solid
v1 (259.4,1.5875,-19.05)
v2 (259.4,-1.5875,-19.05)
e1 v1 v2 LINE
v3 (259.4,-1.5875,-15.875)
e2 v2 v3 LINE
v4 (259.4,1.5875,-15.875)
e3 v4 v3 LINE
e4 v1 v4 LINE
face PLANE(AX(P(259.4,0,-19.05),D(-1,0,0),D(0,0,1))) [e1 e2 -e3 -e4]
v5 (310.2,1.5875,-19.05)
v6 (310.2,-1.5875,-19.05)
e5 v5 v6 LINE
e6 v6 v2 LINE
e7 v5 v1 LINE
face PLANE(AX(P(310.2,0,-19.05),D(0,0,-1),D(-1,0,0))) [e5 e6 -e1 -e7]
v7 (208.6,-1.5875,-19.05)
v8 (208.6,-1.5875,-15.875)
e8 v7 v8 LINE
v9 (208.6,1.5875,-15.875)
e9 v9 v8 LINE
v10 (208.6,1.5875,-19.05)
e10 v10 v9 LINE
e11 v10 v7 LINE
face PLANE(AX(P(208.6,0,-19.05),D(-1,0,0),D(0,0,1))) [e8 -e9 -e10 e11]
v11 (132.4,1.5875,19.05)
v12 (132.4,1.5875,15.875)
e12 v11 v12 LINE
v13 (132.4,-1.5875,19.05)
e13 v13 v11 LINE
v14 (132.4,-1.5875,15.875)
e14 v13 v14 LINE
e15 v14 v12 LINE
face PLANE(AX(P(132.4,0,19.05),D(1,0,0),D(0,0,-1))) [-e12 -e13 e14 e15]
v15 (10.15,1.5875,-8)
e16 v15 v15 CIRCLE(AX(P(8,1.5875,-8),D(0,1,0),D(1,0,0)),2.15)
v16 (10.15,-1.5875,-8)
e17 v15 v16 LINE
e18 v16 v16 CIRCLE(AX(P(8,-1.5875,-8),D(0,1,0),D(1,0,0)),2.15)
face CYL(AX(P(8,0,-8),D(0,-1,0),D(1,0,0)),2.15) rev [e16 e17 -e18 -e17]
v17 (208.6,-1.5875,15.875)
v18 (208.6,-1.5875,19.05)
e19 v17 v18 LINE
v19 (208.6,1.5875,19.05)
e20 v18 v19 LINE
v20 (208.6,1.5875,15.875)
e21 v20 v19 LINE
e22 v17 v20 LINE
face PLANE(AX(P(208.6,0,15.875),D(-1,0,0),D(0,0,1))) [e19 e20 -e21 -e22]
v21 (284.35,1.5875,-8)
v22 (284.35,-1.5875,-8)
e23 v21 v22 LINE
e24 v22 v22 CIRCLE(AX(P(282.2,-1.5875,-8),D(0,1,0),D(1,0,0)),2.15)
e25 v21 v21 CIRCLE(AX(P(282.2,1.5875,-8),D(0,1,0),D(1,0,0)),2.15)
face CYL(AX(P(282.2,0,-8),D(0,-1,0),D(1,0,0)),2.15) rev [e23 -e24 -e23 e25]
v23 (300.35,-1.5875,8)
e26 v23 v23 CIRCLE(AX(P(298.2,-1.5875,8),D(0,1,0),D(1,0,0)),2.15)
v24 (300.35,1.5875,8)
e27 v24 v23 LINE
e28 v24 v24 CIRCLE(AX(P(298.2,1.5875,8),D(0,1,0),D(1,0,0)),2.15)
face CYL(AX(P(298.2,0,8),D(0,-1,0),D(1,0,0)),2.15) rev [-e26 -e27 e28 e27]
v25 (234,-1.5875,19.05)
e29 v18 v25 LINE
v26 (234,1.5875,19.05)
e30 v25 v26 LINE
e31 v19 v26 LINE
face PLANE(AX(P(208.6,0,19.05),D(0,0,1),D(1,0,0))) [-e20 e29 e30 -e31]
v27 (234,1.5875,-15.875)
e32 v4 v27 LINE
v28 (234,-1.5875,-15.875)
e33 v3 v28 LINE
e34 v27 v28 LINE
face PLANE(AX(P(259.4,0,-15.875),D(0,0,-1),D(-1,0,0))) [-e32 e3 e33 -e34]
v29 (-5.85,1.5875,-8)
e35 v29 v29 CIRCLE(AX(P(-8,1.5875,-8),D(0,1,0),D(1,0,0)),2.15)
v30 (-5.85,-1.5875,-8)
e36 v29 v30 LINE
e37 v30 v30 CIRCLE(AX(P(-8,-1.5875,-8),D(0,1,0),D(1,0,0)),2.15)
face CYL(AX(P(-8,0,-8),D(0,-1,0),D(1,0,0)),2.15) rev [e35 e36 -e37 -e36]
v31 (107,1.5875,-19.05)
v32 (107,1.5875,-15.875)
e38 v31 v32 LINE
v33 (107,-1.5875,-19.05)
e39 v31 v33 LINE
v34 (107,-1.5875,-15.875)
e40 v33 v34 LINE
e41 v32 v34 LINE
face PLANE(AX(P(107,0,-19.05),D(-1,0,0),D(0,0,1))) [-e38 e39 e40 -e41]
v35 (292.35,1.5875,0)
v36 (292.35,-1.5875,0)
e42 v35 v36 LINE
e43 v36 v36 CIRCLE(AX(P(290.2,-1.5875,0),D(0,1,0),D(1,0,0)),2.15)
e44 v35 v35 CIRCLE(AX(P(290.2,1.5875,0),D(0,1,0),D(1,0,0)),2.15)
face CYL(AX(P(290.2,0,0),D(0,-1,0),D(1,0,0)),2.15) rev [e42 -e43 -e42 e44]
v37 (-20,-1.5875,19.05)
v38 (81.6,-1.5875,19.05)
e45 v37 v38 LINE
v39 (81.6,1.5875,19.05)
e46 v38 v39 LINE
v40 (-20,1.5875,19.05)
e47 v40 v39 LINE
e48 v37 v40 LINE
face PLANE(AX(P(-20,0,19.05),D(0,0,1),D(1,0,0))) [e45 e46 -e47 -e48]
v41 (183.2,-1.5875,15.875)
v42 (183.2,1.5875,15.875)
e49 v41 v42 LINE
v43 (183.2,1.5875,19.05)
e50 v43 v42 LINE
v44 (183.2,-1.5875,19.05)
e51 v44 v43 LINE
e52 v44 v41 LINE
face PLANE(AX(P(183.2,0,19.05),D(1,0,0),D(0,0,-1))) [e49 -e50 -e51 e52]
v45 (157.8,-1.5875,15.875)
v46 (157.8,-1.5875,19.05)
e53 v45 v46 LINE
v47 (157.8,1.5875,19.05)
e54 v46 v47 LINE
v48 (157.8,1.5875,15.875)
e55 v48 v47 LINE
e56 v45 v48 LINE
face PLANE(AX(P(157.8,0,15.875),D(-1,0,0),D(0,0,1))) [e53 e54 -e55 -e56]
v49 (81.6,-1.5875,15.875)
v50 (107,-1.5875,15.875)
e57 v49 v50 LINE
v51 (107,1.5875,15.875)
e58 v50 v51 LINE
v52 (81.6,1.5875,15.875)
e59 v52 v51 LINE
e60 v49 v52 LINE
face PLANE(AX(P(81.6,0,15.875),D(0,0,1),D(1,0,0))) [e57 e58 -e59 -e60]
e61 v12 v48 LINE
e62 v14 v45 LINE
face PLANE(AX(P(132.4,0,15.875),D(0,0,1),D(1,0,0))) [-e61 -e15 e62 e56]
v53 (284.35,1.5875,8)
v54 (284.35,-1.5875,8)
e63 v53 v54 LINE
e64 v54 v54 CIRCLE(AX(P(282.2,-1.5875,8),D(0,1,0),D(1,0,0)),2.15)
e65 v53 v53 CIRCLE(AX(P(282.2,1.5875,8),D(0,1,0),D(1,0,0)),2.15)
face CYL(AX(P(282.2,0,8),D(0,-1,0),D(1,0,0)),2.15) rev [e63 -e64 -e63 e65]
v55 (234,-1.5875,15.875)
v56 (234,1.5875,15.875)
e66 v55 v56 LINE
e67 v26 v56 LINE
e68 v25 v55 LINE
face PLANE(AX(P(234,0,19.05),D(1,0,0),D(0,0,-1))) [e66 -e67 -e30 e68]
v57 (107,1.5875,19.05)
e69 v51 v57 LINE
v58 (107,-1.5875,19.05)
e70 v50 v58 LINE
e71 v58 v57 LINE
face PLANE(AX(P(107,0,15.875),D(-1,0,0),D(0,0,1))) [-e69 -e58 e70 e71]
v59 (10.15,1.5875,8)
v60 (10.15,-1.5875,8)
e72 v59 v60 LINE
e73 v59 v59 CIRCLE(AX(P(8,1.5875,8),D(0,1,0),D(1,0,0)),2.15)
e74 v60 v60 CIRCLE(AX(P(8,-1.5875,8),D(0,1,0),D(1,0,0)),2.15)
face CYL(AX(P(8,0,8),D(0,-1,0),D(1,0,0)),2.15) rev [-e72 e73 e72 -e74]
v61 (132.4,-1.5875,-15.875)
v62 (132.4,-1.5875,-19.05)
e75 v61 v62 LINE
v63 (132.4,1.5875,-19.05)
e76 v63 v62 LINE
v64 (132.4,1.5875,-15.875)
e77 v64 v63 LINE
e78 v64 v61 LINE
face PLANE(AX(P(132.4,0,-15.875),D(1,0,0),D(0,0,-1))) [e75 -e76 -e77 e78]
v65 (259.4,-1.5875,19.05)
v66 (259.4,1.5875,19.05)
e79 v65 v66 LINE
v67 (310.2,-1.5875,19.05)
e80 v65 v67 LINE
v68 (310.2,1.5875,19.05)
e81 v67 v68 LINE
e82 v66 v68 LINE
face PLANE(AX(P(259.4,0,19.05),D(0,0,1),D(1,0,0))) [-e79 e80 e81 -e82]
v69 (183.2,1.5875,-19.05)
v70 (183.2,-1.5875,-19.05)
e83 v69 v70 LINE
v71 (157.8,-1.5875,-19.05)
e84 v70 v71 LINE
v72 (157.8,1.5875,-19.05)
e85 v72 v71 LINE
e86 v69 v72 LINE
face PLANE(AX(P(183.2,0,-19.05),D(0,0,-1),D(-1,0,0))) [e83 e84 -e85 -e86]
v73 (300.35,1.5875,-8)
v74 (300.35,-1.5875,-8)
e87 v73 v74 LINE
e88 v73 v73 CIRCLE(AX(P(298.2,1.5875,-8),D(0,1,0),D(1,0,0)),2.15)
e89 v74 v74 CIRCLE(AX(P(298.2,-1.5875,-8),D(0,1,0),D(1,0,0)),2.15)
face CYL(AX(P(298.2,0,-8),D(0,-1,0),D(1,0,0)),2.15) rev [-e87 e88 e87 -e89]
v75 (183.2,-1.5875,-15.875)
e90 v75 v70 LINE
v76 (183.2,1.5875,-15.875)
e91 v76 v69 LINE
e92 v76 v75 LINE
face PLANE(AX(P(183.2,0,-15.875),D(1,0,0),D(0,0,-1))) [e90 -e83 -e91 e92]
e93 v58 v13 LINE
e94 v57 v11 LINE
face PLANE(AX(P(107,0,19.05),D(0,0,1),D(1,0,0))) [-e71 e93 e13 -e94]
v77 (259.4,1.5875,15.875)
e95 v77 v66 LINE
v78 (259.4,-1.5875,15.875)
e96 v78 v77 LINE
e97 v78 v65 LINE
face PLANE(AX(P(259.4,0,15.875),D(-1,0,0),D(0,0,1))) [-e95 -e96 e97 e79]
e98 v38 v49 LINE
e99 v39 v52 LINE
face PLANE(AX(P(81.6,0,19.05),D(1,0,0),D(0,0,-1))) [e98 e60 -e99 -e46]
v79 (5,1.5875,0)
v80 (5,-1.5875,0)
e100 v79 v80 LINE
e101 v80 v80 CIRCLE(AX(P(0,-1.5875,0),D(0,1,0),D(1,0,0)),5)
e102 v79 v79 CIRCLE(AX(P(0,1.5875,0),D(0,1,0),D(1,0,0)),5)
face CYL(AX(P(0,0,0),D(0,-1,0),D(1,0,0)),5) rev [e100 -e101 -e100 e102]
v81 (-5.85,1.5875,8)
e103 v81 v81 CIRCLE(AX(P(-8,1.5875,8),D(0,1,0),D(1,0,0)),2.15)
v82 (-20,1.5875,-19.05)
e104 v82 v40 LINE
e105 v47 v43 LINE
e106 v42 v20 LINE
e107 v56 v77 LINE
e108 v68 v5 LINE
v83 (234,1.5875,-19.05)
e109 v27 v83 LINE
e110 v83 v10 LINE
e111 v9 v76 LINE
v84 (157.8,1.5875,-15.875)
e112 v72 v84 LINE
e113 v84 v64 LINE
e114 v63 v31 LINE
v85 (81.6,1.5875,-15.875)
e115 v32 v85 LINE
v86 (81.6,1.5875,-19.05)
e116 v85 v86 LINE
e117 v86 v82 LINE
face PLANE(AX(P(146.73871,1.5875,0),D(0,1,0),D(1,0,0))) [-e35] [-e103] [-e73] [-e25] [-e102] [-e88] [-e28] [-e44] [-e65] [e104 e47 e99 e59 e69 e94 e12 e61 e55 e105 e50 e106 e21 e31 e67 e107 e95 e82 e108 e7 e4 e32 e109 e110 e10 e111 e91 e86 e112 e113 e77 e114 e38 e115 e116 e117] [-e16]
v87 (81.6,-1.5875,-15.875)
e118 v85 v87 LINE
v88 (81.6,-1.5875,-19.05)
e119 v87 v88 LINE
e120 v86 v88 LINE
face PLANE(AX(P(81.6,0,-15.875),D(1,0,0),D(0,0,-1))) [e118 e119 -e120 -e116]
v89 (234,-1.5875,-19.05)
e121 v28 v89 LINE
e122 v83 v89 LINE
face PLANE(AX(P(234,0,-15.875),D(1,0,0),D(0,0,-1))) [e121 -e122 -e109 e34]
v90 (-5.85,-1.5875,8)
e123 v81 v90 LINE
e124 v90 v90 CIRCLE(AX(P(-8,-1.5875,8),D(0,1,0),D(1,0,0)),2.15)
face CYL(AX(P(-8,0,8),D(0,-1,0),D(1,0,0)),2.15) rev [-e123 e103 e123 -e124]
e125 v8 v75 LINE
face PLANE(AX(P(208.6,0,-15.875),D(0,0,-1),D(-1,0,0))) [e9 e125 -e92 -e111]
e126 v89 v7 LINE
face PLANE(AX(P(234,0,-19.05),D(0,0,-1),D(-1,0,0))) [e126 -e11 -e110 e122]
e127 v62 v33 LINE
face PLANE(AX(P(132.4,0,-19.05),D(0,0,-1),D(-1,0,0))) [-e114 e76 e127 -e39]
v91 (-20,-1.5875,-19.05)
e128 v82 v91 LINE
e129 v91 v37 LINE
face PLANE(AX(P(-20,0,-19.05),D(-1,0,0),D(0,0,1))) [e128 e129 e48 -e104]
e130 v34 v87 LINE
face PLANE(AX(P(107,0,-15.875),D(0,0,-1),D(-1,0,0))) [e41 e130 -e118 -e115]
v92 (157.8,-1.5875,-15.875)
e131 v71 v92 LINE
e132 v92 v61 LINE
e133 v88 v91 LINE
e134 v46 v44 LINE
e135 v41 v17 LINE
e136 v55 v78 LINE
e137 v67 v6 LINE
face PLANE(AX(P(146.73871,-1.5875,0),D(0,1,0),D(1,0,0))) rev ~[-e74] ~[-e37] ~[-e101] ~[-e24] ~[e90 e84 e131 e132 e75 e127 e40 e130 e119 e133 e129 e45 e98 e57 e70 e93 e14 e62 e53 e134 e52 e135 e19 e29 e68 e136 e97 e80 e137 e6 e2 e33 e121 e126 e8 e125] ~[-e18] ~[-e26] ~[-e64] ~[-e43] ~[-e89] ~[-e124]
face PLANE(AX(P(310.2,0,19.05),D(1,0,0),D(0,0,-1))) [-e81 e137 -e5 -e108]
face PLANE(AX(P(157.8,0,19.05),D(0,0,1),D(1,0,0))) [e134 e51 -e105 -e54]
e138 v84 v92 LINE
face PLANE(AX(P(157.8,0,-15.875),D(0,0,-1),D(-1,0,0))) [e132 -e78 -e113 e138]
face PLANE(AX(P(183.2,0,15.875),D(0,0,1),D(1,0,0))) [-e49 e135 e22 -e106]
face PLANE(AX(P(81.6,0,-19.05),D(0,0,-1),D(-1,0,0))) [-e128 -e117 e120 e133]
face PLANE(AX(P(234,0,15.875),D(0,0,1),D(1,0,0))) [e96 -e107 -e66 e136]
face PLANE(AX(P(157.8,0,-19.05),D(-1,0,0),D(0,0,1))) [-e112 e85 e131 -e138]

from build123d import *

# Parameters (mm, degrees)
SKETCH1_R           = 2.15
SKETCH1_R_2         = 5
BOSS_EXTRUDE1_DEPTH = 1.5875


with BuildPart() as part:
    # Sketch1 → Boss-Extrude1 (new body, symmetric)
    with BuildSketch(Plane(origin=(0, 0, 0), x_dir=(1, 0, 0), z_dir=(0, 1, 0))):
        Polygon((-20, 19.05), (-20, -19.05), (81.6, -19.05), (81.6, -15.875), (107, -15.875), (107, -19.05), (132.4, -19.05), (132.4, -15.875), (157.8, -15.875), (157.8, -19.05), (183.2, -19.05), (183.2, -15.875), (208.6, -15.875), (208.6, -19.05), (234, -19.05), (234, -15.875), (259.4, -15.875), (259.4, -19.05), (310.2, -19.05), (310.2, 19.05), (259.4, 19.05), (259.4, 15.875), (234, 15.875), (234, 19.05), (208.6, 19.05), (208.6, 15.875), (183.2, 15.875), (183.2, 19.05), (157.8, 19.05), (157.8, 15.875), (132.4, 15.875), (132.4, 19.05), (107, 19.05), (107, 15.875), (81.6, 15.875), (81.6, 19.05), align=None)
        with Locations((-8, -8)):
            Circle(SKETCH1_R, mode=Mode.SUBTRACT)
        with Locations((8, -8)):
            Circle(SKETCH1_R, mode=Mode.SUBTRACT)
        with Locations((282.2, -8)):
            Circle(SKETCH1_R, mode=Mode.SUBTRACT)
        with Locations((298.2, -8)):
            Circle(SKETCH1_R, mode=Mode.SUBTRACT)
        Circle(SKETCH1_R_2, mode=Mode.SUBTRACT)
        with Locations((-8, 8)):
            Circle(SKETCH1_R, mode=Mode.SUBTRACT)
        with Locations((8, 8)):
            Circle(SKETCH1_R, mode=Mode.SUBTRACT)
        with Locations((290.2, 0)):
            Circle(SKETCH1_R, mode=Mode.SUBTRACT)
        with Locations((282.2, 8)):
            Circle(SKETCH1_R, mode=Mode.SUBTRACT)
        with Locations((298.2, 8)):
            Circle(SKETCH1_R, mode=Mode.SUBTRACT)
    extrude(amount=BOSS_EXTRUDE1_DEPTH, both=True)


solid = part.part
